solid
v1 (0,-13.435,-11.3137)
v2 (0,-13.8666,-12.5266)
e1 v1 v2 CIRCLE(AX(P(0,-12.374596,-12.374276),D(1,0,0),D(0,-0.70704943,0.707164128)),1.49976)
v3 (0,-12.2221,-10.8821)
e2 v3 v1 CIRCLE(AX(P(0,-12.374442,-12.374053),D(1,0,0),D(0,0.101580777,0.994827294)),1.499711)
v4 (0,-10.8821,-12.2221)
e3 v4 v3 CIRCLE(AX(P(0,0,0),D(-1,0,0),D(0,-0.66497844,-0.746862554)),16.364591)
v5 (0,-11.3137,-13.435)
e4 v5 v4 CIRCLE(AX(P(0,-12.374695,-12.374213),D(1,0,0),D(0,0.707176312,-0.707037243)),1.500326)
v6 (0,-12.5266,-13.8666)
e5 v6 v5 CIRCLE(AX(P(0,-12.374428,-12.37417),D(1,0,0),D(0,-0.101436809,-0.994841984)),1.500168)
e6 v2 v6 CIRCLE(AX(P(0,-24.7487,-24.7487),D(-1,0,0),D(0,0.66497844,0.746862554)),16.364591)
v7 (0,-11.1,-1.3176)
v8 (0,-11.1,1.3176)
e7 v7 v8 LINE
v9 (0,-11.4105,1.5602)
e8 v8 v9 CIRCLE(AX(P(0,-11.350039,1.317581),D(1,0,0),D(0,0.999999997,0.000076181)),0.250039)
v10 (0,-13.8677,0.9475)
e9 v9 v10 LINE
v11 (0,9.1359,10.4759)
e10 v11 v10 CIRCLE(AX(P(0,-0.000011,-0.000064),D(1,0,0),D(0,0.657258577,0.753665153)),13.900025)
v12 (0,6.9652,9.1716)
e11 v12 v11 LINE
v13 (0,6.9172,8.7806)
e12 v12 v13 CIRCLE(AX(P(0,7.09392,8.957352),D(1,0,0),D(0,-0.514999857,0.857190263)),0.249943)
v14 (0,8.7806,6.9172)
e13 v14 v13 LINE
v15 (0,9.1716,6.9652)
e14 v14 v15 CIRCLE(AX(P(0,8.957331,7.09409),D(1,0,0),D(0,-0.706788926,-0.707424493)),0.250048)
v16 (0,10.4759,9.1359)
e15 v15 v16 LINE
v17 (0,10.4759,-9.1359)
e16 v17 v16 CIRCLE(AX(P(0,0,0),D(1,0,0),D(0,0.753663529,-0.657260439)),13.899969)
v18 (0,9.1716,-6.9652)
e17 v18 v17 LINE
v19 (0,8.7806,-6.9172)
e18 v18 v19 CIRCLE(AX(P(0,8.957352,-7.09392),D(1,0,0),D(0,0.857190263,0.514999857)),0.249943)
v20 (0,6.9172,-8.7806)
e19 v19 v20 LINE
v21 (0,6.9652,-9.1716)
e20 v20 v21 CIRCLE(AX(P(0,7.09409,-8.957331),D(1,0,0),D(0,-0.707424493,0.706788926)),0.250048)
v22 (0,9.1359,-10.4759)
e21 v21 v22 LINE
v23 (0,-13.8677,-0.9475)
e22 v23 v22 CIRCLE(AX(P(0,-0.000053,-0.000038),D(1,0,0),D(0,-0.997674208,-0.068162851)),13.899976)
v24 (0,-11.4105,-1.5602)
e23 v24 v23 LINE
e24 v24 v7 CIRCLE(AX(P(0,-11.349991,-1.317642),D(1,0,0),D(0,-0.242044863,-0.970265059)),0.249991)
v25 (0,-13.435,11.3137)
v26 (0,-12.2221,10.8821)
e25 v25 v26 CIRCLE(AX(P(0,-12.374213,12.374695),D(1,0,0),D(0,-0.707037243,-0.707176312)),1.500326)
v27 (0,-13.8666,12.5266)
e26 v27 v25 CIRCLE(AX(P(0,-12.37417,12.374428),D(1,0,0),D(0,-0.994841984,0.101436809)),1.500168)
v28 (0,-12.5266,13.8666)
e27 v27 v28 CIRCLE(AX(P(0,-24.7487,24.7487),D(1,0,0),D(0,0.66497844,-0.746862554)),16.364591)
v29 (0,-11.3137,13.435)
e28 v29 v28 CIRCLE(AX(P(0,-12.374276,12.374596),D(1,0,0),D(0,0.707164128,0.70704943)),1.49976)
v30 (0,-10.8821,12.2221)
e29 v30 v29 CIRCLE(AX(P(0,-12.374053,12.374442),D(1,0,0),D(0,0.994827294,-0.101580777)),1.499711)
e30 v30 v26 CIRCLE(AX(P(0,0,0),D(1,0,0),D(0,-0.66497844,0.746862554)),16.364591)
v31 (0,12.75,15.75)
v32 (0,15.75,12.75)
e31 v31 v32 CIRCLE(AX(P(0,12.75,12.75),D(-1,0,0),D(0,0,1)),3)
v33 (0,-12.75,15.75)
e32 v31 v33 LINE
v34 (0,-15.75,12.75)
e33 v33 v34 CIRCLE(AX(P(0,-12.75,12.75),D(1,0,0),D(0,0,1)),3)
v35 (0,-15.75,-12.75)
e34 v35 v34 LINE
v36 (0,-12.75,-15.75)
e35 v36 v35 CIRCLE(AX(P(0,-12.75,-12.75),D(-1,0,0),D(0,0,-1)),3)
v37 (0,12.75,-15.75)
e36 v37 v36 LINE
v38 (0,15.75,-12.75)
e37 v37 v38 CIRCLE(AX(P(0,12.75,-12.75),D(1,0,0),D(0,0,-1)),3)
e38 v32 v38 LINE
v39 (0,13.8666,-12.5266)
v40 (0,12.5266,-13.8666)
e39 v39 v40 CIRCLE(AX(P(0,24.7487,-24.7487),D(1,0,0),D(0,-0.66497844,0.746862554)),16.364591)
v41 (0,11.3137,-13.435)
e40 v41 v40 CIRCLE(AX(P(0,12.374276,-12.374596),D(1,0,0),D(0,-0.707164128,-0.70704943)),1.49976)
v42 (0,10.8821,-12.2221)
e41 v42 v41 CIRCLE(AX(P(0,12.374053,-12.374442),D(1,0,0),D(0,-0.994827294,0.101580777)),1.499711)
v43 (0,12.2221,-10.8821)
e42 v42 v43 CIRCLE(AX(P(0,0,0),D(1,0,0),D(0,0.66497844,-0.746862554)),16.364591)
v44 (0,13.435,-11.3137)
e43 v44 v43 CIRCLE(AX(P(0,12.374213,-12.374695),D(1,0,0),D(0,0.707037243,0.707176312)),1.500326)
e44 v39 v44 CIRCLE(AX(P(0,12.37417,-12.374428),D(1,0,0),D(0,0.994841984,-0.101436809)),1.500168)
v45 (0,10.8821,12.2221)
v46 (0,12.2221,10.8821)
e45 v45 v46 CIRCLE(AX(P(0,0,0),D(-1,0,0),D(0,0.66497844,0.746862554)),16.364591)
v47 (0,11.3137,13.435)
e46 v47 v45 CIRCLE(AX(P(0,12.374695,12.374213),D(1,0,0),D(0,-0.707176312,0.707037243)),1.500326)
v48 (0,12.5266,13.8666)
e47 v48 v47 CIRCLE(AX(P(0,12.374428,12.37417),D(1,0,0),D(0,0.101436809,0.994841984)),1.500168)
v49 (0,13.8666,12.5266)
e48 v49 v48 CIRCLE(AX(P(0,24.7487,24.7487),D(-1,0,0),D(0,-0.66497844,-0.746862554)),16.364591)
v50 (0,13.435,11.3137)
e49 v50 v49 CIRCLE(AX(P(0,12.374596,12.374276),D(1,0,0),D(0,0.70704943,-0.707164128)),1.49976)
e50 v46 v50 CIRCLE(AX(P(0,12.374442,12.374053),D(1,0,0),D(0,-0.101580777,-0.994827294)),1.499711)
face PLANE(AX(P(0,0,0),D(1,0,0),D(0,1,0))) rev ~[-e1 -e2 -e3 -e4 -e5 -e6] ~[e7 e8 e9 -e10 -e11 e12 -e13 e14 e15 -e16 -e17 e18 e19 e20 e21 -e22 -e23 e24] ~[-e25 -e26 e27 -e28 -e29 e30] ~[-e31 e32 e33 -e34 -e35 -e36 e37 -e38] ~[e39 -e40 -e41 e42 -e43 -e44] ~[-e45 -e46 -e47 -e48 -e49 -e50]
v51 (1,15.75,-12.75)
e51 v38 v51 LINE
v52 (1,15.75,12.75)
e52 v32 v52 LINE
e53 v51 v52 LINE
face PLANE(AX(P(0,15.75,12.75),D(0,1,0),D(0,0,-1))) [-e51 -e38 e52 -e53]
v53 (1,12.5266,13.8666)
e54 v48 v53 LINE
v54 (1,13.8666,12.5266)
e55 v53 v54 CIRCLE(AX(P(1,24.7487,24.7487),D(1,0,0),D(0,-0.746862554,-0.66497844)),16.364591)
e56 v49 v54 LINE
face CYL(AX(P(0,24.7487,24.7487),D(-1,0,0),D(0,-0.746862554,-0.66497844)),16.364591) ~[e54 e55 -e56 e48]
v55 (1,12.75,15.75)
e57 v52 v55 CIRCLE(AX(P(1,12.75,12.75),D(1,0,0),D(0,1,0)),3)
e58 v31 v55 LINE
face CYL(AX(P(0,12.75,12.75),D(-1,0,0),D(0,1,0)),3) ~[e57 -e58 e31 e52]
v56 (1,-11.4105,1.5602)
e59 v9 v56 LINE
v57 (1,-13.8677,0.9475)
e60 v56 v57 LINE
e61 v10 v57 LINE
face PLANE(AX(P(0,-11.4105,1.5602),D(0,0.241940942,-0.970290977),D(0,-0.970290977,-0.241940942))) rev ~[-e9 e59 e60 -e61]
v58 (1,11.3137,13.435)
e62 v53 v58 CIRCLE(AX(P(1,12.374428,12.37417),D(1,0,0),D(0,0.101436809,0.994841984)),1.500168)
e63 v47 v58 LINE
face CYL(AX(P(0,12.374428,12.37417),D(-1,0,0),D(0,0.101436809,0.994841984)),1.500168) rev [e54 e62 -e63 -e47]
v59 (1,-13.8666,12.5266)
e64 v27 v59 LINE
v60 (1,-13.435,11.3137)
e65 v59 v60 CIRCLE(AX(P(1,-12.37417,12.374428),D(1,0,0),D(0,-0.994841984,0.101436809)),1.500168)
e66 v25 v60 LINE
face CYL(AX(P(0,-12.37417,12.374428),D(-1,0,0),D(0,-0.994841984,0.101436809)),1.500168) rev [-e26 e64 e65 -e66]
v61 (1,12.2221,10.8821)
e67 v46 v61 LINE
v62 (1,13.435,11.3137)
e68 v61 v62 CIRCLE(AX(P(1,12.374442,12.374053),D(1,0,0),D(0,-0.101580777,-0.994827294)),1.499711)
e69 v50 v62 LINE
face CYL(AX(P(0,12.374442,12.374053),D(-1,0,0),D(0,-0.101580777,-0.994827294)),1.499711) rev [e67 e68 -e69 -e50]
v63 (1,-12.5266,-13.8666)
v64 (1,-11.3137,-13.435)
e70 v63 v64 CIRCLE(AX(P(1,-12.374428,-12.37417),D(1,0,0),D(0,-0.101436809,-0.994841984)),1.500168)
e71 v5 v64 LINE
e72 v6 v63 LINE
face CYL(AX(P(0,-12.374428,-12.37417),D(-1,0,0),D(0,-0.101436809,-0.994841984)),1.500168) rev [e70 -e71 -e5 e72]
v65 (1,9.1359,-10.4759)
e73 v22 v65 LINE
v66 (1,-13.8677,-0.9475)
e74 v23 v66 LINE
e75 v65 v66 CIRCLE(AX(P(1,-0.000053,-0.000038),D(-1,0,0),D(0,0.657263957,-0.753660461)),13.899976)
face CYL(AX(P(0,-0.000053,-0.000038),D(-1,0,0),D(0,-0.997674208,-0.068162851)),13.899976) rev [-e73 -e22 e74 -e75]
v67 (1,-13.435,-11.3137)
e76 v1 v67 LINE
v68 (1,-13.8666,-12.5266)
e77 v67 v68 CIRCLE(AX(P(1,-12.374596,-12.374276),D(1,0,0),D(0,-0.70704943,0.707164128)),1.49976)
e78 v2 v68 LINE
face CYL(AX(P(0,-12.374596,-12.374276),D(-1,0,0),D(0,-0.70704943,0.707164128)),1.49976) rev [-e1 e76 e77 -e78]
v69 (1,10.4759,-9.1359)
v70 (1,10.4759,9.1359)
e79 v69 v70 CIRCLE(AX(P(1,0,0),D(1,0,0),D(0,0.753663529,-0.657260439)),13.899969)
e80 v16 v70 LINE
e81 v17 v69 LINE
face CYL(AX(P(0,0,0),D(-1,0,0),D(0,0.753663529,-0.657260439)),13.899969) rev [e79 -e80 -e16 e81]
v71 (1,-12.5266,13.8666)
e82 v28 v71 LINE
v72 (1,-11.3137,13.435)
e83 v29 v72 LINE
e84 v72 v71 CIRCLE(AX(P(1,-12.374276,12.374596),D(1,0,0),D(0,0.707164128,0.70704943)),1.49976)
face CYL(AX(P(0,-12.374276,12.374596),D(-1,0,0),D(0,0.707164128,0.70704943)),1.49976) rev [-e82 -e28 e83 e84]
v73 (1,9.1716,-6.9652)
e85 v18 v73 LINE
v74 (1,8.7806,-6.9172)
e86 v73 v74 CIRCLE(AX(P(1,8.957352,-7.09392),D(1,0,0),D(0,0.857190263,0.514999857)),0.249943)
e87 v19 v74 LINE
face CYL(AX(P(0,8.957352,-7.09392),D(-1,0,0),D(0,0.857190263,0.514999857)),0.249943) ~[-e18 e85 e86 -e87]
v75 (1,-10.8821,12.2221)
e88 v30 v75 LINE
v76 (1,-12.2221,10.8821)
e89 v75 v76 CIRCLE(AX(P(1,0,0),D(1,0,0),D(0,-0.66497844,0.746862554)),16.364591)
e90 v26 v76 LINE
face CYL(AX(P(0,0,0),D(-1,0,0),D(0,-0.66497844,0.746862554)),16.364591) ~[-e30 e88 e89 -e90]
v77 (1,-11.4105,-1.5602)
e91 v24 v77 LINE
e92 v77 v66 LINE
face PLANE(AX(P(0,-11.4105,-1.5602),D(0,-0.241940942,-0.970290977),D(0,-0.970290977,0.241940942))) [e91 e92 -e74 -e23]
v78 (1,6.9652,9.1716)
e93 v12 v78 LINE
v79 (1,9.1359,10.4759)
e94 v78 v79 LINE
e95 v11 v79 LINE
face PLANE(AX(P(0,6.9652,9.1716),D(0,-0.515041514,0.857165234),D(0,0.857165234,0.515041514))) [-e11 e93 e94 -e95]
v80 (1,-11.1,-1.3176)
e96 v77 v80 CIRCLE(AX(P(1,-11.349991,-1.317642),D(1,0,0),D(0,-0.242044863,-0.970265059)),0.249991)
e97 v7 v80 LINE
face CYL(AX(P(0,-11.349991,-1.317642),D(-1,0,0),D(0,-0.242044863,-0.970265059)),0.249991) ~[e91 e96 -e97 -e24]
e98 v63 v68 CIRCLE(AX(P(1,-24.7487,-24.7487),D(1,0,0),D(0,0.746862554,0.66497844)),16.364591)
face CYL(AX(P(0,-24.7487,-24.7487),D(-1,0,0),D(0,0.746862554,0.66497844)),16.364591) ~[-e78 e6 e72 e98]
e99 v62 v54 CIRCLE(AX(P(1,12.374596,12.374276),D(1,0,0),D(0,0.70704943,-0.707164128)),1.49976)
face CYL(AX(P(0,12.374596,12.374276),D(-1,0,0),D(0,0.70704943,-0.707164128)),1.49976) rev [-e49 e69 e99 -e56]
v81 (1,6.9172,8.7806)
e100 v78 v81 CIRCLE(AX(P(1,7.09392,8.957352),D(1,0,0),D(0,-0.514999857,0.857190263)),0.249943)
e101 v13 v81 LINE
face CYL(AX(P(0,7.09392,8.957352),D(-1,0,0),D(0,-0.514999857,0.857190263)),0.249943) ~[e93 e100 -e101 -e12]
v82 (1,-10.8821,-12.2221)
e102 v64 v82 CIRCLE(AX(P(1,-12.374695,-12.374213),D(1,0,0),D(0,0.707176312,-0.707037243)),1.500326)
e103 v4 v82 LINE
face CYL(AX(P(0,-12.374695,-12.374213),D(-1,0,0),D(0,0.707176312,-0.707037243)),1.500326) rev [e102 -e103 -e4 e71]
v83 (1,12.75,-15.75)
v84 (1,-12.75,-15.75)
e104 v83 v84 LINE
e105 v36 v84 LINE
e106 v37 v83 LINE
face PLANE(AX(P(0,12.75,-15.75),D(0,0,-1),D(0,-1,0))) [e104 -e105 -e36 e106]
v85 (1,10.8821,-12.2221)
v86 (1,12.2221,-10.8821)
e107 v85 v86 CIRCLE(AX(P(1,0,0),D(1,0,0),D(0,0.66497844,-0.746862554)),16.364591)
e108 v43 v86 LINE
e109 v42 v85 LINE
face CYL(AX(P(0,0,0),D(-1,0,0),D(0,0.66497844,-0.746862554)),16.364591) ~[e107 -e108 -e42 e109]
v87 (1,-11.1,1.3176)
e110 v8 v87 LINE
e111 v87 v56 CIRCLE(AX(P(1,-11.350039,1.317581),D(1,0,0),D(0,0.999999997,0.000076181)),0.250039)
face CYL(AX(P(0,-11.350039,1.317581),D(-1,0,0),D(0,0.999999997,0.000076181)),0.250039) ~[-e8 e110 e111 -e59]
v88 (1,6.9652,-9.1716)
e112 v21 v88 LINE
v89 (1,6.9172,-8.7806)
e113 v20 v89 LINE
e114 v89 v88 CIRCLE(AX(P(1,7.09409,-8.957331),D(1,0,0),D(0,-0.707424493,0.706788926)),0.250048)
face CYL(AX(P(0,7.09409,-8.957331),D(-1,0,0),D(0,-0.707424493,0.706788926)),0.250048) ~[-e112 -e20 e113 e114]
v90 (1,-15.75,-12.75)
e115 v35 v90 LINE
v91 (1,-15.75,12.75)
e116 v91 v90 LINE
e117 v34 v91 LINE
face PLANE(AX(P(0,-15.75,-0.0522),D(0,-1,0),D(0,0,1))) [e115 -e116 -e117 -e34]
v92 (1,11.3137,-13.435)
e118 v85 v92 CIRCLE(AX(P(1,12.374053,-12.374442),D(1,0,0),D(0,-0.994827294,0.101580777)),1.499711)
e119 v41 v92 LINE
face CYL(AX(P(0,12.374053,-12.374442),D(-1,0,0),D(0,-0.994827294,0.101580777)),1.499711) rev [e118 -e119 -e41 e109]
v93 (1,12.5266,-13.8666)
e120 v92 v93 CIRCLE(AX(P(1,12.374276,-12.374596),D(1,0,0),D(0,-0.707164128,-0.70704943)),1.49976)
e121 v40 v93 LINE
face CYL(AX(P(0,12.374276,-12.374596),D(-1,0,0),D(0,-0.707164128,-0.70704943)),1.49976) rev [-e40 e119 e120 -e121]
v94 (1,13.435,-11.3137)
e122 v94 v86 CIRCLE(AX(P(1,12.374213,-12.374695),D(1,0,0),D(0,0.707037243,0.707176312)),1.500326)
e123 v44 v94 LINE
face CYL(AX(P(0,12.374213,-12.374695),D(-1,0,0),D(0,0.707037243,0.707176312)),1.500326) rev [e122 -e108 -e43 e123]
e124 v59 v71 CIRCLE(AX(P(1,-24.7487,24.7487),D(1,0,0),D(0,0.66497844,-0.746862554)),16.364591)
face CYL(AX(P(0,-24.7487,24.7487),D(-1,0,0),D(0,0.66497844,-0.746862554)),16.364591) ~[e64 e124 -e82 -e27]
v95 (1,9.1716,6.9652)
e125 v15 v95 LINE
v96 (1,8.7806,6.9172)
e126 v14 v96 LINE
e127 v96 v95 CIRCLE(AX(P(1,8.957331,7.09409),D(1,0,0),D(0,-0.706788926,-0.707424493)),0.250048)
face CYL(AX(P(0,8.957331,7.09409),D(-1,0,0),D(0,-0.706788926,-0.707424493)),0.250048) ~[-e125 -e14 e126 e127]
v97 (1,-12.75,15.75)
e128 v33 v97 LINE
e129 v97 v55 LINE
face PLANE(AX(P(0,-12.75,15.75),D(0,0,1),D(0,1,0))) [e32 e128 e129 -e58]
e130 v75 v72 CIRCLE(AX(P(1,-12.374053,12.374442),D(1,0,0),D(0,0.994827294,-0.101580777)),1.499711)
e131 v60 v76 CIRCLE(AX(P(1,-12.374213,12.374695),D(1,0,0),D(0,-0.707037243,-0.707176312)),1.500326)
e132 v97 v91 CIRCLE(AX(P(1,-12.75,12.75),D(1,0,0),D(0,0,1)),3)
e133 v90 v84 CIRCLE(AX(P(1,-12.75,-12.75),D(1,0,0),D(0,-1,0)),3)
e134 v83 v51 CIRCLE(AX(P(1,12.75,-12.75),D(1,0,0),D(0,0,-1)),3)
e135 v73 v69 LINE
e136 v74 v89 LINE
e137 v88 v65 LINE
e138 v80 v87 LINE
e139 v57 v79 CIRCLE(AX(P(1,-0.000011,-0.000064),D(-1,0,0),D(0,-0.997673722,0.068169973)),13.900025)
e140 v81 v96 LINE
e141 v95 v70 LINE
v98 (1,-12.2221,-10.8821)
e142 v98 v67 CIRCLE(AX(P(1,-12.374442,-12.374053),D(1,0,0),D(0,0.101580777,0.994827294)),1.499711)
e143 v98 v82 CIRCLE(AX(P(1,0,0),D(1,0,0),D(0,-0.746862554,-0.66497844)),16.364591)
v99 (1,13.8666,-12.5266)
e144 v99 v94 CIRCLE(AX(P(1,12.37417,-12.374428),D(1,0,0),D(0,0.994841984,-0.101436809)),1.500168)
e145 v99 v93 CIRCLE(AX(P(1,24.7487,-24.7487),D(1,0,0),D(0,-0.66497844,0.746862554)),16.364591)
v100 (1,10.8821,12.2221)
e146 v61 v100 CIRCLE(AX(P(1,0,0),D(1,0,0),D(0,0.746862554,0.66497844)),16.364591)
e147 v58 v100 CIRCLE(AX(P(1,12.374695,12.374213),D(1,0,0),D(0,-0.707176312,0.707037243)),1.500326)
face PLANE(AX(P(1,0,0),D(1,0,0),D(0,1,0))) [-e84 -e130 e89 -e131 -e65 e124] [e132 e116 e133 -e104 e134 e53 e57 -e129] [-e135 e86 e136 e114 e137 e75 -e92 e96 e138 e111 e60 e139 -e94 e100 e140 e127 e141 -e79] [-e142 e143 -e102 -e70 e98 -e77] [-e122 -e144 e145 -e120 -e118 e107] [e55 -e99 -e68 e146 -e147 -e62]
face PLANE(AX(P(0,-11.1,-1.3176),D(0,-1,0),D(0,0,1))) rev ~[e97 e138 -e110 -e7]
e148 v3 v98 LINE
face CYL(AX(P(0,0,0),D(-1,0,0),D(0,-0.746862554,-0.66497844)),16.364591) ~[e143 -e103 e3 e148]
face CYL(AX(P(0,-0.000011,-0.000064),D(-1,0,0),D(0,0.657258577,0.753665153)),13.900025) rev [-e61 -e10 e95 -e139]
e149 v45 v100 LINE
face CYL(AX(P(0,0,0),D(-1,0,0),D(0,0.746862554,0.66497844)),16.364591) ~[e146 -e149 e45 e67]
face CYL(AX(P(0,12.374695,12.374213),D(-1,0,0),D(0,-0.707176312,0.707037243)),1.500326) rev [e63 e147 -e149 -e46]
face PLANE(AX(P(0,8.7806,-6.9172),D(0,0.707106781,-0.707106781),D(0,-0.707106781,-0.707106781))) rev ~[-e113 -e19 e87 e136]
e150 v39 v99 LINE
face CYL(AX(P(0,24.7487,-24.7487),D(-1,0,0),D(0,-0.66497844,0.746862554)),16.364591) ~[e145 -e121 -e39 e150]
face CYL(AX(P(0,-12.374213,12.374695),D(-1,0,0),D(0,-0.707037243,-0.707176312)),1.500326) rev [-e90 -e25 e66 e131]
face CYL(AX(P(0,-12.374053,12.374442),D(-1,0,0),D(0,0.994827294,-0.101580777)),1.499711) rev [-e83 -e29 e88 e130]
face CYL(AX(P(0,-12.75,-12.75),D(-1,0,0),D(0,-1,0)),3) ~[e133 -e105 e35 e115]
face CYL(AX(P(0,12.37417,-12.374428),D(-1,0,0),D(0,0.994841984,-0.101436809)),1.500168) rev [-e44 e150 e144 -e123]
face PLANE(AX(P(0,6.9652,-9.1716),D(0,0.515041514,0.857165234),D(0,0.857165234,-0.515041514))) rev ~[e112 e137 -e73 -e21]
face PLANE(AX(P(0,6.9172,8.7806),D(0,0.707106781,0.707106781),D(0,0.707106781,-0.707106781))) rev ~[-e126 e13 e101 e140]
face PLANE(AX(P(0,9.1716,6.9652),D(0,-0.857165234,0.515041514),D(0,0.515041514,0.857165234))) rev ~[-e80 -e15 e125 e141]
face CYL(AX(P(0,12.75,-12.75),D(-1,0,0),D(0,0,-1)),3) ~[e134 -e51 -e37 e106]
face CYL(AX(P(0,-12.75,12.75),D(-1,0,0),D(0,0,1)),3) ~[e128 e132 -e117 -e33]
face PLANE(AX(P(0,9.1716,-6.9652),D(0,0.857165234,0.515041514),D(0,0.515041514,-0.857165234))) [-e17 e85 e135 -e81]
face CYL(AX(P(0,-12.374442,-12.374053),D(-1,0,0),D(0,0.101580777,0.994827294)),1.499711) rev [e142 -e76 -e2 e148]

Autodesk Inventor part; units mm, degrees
ref_plane "YZ Plane" through (0, 0, 0) normal (1, 0, 0) x (0, 1, 0)
ref_plane "XZ Plane" through (0, 0, 0) normal (0, 1, 0) x (-1, 0, 0)
ref_plane "XY Plane" through (0, 0, 0) normal (0, 0, 1) x (1, 0, 0)
sketch "Sketch1" plane through (0, 0, 0) normal (1, 0, 0) x (0, 1, 0)
  line L0 (-12.75, 15.75) -> (12.75, 15.75)
  line L1 (15.75, 12.75) -> (15.75, -12.75)
  line L2 (12.75, -15.75) -> (-12.75, -15.75)
  line L3 (-15.75, -12.75) -> (-15.75, 12.75)
  line L4 (-15.75, 15.75) -> (15.75, -15.75) construction
  line L5 (15.75, 15.75) -> (-15.75, -15.75) construction
  line L6 (15.75, 15.75) -> (-15.75, -15.75)
  line L7 (7.9011, 23.5989) -> (-23.5989, -7.9011)
  circle A0 centre (0, 0) radius 17.5 construction
  line L8 (28.1244, 3.3756) -> (-3.3756, -28.1244) construction
  arc A1 (10.8821, -12.2221) -> (11.3137, -13.435) centre (12.3744, -12.3744) ccw
  arc A2 (13.435, -11.3137) -> (12.2221, -10.8821) centre (12.3744, -12.3744) ccw
  arc A3 (10.8821, -12.2221) -> (12.2221, -10.8821) centre (0, 0) ccw
  arc A4 (11.3137, -13.435) -> (12.5266, -13.8666) centre (12.3744, -12.3744) ccw
  arc A5 (13.8666, -12.5266) -> (13.435, -11.3137) centre (12.3744, -12.3744) ccw
  arc A6 (13.8666, -12.5266) -> (12.5266, -13.8666) centre (24.7487, -24.7487) ccw
  arc A7 (12.5266, 13.8666) -> (11.3137, 13.435) centre (12.3744, 12.3744) ccw
  arc A8 (12.5266, 13.8666) -> (13.8666, 12.5266) centre (24.7487, 24.7487) ccw
  arc A9 (13.435, 11.3137) -> (13.8666, 12.5266) centre (12.3744, 12.3744) ccw
  arc A10 (12.2221, 10.8821) -> (13.435, 11.3137) centre (12.3744, 12.3744) ccw
  arc A11 (12.2221, 10.8821) -> (10.8821, 12.2221) centre (0, 0) ccw
  arc A12 (11.3137, 13.435) -> (10.8821, 12.2221) centre (12.3744, 12.3744) ccw
  arc A13 (-13.8666, 12.5266) -> (-13.435, 11.3137) centre (-12.3744, 12.3744) ccw
  arc A14 (-13.8666, 12.5266) -> (-12.5266, 13.8666) centre (-24.7487, 24.7487) ccw
  arc A15 (-11.3137, 13.435) -> (-12.5266, 13.8666) centre (-12.3744, 12.3744) ccw
  arc A16 (-10.8821, 12.2221) -> (-11.3137, 13.435) centre (-12.3744, 12.3744) ccw
  arc A17 (-10.8821, 12.2221) -> (-12.2221, 10.8821) centre (0, 0) ccw
  arc A18 (-13.435, 11.3137) -> (-12.2221, 10.8821) centre (-12.3744, 12.3744) ccw
  arc A19 (-12.5266, -13.8666) -> (-11.3137, -13.435) centre (-12.3744, -12.3744) ccw
  arc A20 (-12.5266, -13.8666) -> (-13.8666, -12.5266) centre (-24.7487, -24.7487) ccw
  arc A21 (-13.435, -11.3137) -> (-13.8666, -12.5266) centre (-12.3744, -12.3744) ccw
  arc A22 (-12.2221, -10.8821) -> (-13.435, -11.3137) centre (-12.3744, -12.3744) ccw
  arc A23 (-12.2221, -10.8821) -> (-10.8821, -12.2221) centre (0, 0) ccw
  arc A24 (-11.3137, -13.435) -> (-10.8821, -12.2221) centre (-12.3744, -12.3744) ccw
  arc A25 (15.75, 12.75) -> (12.75, 15.75) centre (12.75, 12.75) ccw
  arc A26 (-12.75, 15.75) -> (-15.75, 12.75) centre (-12.75, 12.75) ccw
  arc A27 (-15.75, -12.75) -> (-12.75, -15.75) centre (-12.75, -12.75) ccw
  arc A28 (12.75, -15.75) -> (15.75, -12.75) centre (12.75, -12.75) ccw
  line L9 (9.1716, -6.9652) -> (10.4759, -9.1359)
  line L10 (-15.0803, 16.4203) -> (16.4197, -15.0797) construction
  line L11 (6.9652, -9.1716) -> (9.1359, -10.4759)
  line L12 (-16.4203, 15.0803) -> (15.0797, -16.4197) construction
  line L13 (23.5989, 7.9011) -> (15.75, 0.0522)
  line L14 (8.7806, -6.9172) -> (6.9172, -8.7806)
  arc A29 (9.1716, -6.9652) -> (8.7806, -6.9172) centre (8.9573, -7.094) ccw
  arc A30 (6.9172, -8.7806) -> (6.9652, -9.1716) centre (7.094, -8.9573) ccw
  line L15 (9.1716, 6.9652) -> (10.4759, 9.1359)
  arc A31 (8.7806, 6.9172) -> (9.1716, 6.9652) centre (8.9573, 7.094) ccw
  line L16 (6.9172, 8.7806) -> (8.7806, 6.9172)
  arc A32 (6.9652, 9.1716) -> (6.9172, 8.7806) centre (7.094, 8.9573) ccw
  line L17 (6.9652, 9.1716) -> (9.1359, 10.4759)
  line L18 (-11.4105, 1.5602) -> (-13.8677, 0.9475)
  arc A33 (-11.1, 1.3176) -> (-11.4105, 1.5602) centre (-11.35, 1.3176) ccw
  arc A34 (-11.4105, -1.5602) -> (-11.1, -1.3176) centre (-11.35, -1.3176) ccw
  line L19 (-11.1, -1.3176) -> (-11.1, 1.3176)
  line L20 (-11.4105, -1.5602) -> (-13.8677, -0.9475)
  arc A35 (10.4759, -9.1359) -> (10.4759, 9.1359) centre (0, 0) ccw
  arc A36 (9.1359, 10.4759) -> (-13.8677, 0.9475) centre (0, 0) ccw
  arc A37 (-13.8677, -0.9475) -> (9.1359, -10.4759) centre (0, 0) ccw
  point P0 (9.0068, -6.691)
  point P1 (6.691, -9.0068)
  point P2 (9.0068, 6.691)
  point P3 (6.691, 9.0068)
  point P4 (-11.1, 1.6376)
  point P5 (-11.1, -1.6376)
  dimension "d10" = 35
  dimension "d0" = 31.5
  dimension "d1" = 31.5
  dimension "d4" = 11.1
  dimension "d17" = 360
  dimension "d19" = 3
  dimension "d21" = 0.25
  dimension "d22" = 0.25
  dimension "d25" = 90
  dimension "d29" = 135
extrude "Extrusion1" add sketch "Sketch1" along normal blind 1 contours L0 L7 A36 L3 A26 | L0 A25 L6 A8 A7 A12 A11 L16 A32 L17 A36 L7 | L7 A36 L18 A33 L19 A34 L20 A37 L6 A23 A22 A21 A20 A27 L3 | A25 L1 A28 L2 A27 L6 A20 A19 A24 A23 A37 L11 A30 L14 A29 L9 A35 L15 A31 L16 A11 A10 A9 A8
properties part number "Harting Gasket 1"
